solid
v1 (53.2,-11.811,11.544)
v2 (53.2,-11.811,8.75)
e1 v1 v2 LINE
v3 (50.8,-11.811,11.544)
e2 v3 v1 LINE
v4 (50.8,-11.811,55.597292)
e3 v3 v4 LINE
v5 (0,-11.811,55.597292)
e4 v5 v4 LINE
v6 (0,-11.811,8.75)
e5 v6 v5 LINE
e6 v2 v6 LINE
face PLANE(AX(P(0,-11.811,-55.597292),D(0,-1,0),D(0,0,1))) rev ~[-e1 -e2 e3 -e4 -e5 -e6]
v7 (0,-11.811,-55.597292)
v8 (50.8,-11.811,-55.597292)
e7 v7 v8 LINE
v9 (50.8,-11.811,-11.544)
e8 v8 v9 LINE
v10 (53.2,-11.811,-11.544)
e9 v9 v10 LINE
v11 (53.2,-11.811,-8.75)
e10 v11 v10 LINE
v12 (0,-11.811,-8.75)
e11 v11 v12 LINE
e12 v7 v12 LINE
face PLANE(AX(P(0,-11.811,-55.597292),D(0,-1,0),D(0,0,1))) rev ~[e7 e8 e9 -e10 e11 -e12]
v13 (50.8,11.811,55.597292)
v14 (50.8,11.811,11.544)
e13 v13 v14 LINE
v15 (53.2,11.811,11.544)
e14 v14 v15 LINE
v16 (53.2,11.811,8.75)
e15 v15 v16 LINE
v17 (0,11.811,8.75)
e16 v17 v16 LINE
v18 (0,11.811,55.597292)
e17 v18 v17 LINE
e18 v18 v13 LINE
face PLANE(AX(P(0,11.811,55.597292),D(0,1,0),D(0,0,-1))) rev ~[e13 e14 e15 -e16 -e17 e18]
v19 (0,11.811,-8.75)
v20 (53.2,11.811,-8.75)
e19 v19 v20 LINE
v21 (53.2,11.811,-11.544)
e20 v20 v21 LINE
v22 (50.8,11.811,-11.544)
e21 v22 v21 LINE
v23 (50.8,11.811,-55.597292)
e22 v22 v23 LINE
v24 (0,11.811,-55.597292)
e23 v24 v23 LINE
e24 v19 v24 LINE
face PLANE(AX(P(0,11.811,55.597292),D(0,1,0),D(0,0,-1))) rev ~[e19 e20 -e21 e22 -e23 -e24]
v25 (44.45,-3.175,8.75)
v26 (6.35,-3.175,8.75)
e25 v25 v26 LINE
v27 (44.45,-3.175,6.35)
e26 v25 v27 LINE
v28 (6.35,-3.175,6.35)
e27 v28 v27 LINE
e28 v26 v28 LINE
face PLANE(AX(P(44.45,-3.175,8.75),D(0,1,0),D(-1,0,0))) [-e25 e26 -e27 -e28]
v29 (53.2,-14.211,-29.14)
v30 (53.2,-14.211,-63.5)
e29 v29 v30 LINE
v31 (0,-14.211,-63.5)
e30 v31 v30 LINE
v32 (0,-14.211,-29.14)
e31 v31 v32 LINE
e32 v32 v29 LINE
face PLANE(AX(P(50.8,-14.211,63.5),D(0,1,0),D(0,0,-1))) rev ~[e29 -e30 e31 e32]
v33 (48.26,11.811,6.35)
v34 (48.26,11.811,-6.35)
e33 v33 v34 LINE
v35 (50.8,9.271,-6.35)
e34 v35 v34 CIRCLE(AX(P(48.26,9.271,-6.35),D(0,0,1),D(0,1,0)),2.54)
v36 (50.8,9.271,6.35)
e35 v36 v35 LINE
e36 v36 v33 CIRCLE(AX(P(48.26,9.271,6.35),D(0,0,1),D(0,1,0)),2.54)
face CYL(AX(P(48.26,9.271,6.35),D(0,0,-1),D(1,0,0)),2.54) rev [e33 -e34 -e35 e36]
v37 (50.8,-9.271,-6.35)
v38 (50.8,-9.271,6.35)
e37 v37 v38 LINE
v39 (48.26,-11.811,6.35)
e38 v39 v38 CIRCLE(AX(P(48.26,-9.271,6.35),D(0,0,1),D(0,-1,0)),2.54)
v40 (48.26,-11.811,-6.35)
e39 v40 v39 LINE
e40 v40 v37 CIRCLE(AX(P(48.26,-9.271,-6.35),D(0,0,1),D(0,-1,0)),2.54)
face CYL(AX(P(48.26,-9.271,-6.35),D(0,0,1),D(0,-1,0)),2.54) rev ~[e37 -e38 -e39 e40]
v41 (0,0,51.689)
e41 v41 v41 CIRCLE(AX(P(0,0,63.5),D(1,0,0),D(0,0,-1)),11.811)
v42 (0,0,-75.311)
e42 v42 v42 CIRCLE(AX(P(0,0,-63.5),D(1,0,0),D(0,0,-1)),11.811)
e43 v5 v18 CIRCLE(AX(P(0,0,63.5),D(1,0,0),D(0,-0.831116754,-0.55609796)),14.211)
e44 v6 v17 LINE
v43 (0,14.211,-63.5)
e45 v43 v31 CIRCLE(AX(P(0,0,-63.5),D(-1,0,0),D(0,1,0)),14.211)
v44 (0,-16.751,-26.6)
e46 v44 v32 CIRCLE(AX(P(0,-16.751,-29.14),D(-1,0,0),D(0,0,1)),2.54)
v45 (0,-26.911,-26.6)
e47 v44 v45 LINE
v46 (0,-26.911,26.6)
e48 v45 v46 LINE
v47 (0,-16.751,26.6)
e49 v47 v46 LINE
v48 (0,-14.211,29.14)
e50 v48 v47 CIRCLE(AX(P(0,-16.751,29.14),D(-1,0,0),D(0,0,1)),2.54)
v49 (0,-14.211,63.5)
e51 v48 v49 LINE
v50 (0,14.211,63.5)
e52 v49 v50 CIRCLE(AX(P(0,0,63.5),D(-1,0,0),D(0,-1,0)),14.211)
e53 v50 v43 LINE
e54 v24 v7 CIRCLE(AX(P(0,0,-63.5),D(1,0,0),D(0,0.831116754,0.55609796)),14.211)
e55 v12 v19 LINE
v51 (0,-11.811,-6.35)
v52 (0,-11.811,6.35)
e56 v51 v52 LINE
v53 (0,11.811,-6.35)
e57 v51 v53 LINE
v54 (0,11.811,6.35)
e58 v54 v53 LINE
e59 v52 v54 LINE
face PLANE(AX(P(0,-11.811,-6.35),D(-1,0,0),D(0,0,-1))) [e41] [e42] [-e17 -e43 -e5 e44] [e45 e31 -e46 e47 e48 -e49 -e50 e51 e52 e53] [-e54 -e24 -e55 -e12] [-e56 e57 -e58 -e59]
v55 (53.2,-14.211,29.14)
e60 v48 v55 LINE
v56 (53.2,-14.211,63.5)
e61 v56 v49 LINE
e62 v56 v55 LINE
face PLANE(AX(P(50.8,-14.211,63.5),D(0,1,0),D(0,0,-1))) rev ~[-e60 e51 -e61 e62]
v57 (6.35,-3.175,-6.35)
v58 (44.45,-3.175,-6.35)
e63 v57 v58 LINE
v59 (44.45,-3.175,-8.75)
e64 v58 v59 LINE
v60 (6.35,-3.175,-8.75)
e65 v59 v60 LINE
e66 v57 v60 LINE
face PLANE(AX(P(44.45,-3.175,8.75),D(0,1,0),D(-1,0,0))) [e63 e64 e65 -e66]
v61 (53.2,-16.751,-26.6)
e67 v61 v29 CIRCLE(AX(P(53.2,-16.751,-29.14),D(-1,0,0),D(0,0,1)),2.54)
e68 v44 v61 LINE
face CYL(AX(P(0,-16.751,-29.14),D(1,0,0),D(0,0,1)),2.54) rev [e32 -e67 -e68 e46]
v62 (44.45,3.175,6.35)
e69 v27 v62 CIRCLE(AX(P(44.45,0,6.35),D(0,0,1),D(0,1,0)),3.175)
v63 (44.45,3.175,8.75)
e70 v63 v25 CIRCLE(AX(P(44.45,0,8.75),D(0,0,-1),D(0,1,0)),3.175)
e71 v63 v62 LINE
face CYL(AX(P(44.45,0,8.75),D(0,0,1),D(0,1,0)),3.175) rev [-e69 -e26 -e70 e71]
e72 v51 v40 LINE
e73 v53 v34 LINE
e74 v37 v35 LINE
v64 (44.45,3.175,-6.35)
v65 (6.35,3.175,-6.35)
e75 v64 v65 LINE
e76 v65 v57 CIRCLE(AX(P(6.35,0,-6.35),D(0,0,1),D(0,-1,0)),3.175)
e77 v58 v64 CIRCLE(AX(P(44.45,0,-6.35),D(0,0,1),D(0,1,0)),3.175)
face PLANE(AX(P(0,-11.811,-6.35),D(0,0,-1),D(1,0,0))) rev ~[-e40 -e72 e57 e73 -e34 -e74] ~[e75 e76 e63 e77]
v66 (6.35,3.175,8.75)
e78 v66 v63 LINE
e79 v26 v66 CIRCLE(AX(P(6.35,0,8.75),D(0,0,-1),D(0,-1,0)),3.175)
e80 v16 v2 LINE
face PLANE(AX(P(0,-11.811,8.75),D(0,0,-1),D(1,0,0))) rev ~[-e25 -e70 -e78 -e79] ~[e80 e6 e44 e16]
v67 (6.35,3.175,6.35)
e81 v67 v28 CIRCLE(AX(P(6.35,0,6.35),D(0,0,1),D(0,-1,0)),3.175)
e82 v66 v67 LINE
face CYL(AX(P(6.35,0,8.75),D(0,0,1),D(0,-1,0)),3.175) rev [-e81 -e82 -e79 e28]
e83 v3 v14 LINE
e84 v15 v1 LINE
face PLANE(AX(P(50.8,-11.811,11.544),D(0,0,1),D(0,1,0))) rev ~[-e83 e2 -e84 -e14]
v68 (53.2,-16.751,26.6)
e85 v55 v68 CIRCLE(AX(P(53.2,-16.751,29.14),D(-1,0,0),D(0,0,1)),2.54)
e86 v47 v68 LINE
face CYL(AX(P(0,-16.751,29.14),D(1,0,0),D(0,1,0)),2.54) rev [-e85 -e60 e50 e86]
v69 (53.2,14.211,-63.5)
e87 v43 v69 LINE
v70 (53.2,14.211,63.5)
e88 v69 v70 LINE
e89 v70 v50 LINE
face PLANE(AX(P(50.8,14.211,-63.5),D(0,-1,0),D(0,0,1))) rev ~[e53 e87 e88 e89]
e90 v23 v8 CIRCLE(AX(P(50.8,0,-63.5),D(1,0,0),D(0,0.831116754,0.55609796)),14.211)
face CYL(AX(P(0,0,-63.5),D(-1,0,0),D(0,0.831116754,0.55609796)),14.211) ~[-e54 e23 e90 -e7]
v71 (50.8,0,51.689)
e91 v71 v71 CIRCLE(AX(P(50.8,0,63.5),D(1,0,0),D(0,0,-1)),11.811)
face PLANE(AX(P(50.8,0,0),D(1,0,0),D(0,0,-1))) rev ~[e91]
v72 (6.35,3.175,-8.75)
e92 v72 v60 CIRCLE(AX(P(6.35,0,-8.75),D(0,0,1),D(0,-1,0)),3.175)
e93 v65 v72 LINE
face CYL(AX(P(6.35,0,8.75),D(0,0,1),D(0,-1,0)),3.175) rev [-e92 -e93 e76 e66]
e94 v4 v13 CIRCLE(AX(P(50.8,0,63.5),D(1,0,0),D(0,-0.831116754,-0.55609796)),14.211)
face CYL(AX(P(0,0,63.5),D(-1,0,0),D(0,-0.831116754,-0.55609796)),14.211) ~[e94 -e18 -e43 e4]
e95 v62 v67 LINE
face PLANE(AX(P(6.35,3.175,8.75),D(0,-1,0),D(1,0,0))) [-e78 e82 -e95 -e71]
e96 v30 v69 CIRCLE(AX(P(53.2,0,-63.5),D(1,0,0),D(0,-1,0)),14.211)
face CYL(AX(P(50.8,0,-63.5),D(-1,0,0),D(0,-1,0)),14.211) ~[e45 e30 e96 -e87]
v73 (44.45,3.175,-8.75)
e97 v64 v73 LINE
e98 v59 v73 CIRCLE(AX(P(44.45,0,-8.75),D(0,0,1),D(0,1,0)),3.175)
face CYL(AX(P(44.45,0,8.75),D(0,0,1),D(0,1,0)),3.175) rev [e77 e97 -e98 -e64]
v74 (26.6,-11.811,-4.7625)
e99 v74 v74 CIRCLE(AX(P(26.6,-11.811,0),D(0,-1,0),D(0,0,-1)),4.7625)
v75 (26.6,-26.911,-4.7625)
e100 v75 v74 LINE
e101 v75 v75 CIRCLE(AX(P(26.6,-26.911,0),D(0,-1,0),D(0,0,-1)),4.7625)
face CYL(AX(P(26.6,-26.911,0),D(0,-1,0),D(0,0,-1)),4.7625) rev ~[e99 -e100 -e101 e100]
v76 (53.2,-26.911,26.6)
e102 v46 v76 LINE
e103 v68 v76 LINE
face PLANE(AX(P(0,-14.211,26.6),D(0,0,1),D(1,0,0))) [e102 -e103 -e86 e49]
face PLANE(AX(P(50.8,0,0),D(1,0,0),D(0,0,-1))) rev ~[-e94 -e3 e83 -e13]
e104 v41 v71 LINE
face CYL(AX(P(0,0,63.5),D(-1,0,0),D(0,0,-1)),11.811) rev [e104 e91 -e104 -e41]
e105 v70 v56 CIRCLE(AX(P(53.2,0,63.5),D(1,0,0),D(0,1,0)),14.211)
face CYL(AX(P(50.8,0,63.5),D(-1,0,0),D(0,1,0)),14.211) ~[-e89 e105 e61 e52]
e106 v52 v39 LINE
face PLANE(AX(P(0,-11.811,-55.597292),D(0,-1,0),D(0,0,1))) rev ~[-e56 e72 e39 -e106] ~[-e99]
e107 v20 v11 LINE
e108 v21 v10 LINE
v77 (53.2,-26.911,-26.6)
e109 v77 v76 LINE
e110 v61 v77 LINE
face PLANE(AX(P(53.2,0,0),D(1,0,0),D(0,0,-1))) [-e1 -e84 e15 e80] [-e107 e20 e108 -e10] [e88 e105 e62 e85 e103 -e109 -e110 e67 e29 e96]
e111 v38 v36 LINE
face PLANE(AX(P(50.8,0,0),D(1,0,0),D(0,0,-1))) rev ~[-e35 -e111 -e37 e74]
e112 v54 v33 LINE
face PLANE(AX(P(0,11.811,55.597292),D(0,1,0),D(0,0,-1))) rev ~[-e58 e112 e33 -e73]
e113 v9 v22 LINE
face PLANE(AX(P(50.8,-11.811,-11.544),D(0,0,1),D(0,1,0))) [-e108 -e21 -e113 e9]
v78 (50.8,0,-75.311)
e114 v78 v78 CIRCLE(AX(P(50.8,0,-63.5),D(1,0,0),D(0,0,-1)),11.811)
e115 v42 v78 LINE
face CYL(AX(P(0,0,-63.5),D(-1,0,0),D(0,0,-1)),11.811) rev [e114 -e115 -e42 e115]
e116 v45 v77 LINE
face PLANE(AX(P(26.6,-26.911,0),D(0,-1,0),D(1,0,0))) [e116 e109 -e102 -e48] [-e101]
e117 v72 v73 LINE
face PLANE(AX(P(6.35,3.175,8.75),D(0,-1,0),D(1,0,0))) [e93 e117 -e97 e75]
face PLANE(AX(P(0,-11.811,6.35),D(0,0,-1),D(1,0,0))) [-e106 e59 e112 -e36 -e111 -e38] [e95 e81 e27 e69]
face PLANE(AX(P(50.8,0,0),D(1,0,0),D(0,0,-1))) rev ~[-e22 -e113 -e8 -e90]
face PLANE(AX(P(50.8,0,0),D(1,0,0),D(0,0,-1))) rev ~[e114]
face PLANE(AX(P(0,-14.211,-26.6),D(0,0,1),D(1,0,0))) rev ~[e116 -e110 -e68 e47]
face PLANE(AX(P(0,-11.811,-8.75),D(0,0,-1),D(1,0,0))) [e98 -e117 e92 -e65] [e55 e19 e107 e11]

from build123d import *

# Parameters (mm, degrees)
SKETCH1_R           = 11.811
BOSS_EXTRUDE1_DEPTH = 50.8
BOSS_EXTRUDE2_DEPTH = 2.399999772
SKETCH4_W           = 53.199999772
SKETCH4_H           = 53.199999772
BOSS_EXTRUDE4_DEPTH = 12.7
CUT_EXTRUDE2_REACH  = 104.763
SKETCH5_R           = 4.7625
SKETCH7_W           = 53.199999772
SKETCH7_H           = 2.399999772
BOSS_EXTRUDE5_DEPTH = 23.622
CUT_EXTRUDE3_REACH  = 107.024
SKETCH10_W          = 2.794
SKETCH10_H          = 23.622
CUT_EXTRUDE4_DEPTH  = 2.54
FILLET1_R           = 2.54


with BuildPart() as part:
    # Sketch1 → Boss-Extrude1 (new body)
    with BuildSketch(Plane(origin=(0, 0, 0), x_dir=(0, 0, -1), z_dir=(1, 0, 0))):
        with BuildLine():
            Line((-63.5, 14.210999772), (63.5, 14.210999772))
            ThreePointArc((63.5, 14.210999772), (77.710999772, 0), (63.5, -14.210999772))
            Line((63.5, -14.210999772), (-63.5, -14.210999772))
            ThreePointArc((-63.5, -14.210999772), (-77.710999772, 0), (-63.5, 14.210999772))
        make_face()
        with Locations((-63.5, 0)):
            Circle(SKETCH1_R, mode=Mode.SUBTRACT)
        with Locations((63.5, 0)):
            Circle(SKETCH1_R, mode=Mode.SUBTRACT)
        with BuildLine():
            Line((-55.597292014, 11.811), (55.597292014, 11.811))
            ThreePointArc((55.597292014, 11.811), (49.289000228, 0), (55.597292014, -11.811))
            Line((55.597292014, -11.811), (-55.597292014, -11.811))
            ThreePointArc((-55.597292014, -11.811), (-49.289000228, 0), (-55.597292014, 11.811))
        make_face(mode=Mode.SUBTRACT)
    extrude(amount=BOSS_EXTRUDE1_DEPTH)

    # Sketch2 → Boss-Extrude2 (add)
    with BuildSketch(Plane(origin=(50.8, 0, 0), x_dir=(0, 0, -1), z_dir=(1, 0, 0))):
        with BuildLine():
            Line((-63.5, -14.210999772), (63.5, -14.210999772))
            ThreePointArc((63.5, -14.210999772), (77.710999772, 0), (63.5, 14.210999772))
            Line((63.5, 14.210999772), (-63.5, 14.210999772))
            ThreePointArc((-63.5, 14.210999772), (-77.710999772, 0), (-63.5, -14.210999772))
        make_face()
    extrude(amount=BOSS_EXTRUDE2_DEPTH)

    # Sketch4 → Boss-Extrude4 (add)
    with BuildSketch(Plane.XZ.offset(14.210999772)):
        with Locations((26.599999886, 0)):
            Rectangle(SKETCH4_W, SKETCH4_H)
    extrude(amount=BOSS_EXTRUDE4_DEPTH)

    # Sketch5 → Cut-Extrude2 (cut, up to next)
    with BuildSketch(Plane.XZ.offset(26.910999772), mode=Mode.PRIVATE) as cut_extrude2_sk1:
        with Locations(Location((26.599999886, 0, 0), (0, 0, 270))):
            Circle(SKETCH5_R)
    cut_extrude2_tool1 = extrude(cut_extrude2_sk1.sketch, amount=-CUT_EXTRUDE2_REACH, mode=Mode.PRIVATE) & part.part
    add(cut_extrude2_tool1.solids().sort_by_distance((26.6, -26.911, 0))[0], mode=Mode.SUBTRACT)

    # Sketch7 → Boss-Extrude5 (add)
    with BuildSketch(Plane(origin=(0, -11.811, 0), x_dir=(1, 0, 0), z_dir=(0, 1, 0))):
        with Locations((26.599999886, 7.549999886)):
            Rectangle(SKETCH7_W, SKETCH7_H)
        with Locations((26.599999886, -7.549999886)):
            Rectangle(SKETCH7_W, SKETCH7_H)
    extrude(amount=BOSS_EXTRUDE5_DEPTH)

    # Cut-Extrude3: up to this face of the body (flat: up to its plane)
    cut_extrude3_end = Plane(part.part.faces().sort_by_distance((25.4, 0, -8.749999772))[0])
    # Sketch9 → Cut-Extrude3 (cut, up to the picked face)
    with BuildSketch(Plane.XY.offset(8.749999772), mode=Mode.PRIVATE) as cut_extrude3_sk1:
        with BuildLine():
            Line((6.35, 3.175), (44.45, 3.175))
            ThreePointArc((44.45, 3.175), (47.625, 0), (44.45, -3.175))
            Line((44.45, -3.175), (6.35, -3.175))
            ThreePointArc((6.35, -3.175), (3.175, 0), (6.35, 3.175))
        make_face()
    cut_extrude3_tool1 = split(extrude(cut_extrude3_sk1.sketch, amount=-CUT_EXTRUDE3_REACH, mode=Mode.PRIVATE), bisect_by=cut_extrude3_end, keep=Keep.BOTH, mode=Mode.PRIVATE)
    add(cut_extrude3_tool1.solids().sort_by(Axis((25.4, 0, 8.75), (0, 0, -1)))[0], mode=Mode.SUBTRACT)

    # Sketch10 → Cut-Extrude4 (cut)
    with BuildSketch(Plane.ZY.offset(-50.8)):
        with Locations((-10.146999772, 0)):
            Rectangle(SKETCH10_W, SKETCH10_H)
        with Locations((10.146999772, 0)):
            Rectangle(SKETCH10_W, SKETCH10_H)
    extrude(amount=-CUT_EXTRUDE4_DEPTH, mode=Mode.SUBTRACT)

    # Fillet1
    fillet1_edges = [part.edges().sort_by_distance(p)[0] for p in [
        (26.599999886, -14.210999772, 26.599999886),
        (26.599999886, -14.210999772, -26.599999886),
        (50.8, 11.811, 0),
        (50.8, -11.811, 0),
    ]]
    fillet(fillet1_edges, radius=FILLET1_R)


solid = part.part
